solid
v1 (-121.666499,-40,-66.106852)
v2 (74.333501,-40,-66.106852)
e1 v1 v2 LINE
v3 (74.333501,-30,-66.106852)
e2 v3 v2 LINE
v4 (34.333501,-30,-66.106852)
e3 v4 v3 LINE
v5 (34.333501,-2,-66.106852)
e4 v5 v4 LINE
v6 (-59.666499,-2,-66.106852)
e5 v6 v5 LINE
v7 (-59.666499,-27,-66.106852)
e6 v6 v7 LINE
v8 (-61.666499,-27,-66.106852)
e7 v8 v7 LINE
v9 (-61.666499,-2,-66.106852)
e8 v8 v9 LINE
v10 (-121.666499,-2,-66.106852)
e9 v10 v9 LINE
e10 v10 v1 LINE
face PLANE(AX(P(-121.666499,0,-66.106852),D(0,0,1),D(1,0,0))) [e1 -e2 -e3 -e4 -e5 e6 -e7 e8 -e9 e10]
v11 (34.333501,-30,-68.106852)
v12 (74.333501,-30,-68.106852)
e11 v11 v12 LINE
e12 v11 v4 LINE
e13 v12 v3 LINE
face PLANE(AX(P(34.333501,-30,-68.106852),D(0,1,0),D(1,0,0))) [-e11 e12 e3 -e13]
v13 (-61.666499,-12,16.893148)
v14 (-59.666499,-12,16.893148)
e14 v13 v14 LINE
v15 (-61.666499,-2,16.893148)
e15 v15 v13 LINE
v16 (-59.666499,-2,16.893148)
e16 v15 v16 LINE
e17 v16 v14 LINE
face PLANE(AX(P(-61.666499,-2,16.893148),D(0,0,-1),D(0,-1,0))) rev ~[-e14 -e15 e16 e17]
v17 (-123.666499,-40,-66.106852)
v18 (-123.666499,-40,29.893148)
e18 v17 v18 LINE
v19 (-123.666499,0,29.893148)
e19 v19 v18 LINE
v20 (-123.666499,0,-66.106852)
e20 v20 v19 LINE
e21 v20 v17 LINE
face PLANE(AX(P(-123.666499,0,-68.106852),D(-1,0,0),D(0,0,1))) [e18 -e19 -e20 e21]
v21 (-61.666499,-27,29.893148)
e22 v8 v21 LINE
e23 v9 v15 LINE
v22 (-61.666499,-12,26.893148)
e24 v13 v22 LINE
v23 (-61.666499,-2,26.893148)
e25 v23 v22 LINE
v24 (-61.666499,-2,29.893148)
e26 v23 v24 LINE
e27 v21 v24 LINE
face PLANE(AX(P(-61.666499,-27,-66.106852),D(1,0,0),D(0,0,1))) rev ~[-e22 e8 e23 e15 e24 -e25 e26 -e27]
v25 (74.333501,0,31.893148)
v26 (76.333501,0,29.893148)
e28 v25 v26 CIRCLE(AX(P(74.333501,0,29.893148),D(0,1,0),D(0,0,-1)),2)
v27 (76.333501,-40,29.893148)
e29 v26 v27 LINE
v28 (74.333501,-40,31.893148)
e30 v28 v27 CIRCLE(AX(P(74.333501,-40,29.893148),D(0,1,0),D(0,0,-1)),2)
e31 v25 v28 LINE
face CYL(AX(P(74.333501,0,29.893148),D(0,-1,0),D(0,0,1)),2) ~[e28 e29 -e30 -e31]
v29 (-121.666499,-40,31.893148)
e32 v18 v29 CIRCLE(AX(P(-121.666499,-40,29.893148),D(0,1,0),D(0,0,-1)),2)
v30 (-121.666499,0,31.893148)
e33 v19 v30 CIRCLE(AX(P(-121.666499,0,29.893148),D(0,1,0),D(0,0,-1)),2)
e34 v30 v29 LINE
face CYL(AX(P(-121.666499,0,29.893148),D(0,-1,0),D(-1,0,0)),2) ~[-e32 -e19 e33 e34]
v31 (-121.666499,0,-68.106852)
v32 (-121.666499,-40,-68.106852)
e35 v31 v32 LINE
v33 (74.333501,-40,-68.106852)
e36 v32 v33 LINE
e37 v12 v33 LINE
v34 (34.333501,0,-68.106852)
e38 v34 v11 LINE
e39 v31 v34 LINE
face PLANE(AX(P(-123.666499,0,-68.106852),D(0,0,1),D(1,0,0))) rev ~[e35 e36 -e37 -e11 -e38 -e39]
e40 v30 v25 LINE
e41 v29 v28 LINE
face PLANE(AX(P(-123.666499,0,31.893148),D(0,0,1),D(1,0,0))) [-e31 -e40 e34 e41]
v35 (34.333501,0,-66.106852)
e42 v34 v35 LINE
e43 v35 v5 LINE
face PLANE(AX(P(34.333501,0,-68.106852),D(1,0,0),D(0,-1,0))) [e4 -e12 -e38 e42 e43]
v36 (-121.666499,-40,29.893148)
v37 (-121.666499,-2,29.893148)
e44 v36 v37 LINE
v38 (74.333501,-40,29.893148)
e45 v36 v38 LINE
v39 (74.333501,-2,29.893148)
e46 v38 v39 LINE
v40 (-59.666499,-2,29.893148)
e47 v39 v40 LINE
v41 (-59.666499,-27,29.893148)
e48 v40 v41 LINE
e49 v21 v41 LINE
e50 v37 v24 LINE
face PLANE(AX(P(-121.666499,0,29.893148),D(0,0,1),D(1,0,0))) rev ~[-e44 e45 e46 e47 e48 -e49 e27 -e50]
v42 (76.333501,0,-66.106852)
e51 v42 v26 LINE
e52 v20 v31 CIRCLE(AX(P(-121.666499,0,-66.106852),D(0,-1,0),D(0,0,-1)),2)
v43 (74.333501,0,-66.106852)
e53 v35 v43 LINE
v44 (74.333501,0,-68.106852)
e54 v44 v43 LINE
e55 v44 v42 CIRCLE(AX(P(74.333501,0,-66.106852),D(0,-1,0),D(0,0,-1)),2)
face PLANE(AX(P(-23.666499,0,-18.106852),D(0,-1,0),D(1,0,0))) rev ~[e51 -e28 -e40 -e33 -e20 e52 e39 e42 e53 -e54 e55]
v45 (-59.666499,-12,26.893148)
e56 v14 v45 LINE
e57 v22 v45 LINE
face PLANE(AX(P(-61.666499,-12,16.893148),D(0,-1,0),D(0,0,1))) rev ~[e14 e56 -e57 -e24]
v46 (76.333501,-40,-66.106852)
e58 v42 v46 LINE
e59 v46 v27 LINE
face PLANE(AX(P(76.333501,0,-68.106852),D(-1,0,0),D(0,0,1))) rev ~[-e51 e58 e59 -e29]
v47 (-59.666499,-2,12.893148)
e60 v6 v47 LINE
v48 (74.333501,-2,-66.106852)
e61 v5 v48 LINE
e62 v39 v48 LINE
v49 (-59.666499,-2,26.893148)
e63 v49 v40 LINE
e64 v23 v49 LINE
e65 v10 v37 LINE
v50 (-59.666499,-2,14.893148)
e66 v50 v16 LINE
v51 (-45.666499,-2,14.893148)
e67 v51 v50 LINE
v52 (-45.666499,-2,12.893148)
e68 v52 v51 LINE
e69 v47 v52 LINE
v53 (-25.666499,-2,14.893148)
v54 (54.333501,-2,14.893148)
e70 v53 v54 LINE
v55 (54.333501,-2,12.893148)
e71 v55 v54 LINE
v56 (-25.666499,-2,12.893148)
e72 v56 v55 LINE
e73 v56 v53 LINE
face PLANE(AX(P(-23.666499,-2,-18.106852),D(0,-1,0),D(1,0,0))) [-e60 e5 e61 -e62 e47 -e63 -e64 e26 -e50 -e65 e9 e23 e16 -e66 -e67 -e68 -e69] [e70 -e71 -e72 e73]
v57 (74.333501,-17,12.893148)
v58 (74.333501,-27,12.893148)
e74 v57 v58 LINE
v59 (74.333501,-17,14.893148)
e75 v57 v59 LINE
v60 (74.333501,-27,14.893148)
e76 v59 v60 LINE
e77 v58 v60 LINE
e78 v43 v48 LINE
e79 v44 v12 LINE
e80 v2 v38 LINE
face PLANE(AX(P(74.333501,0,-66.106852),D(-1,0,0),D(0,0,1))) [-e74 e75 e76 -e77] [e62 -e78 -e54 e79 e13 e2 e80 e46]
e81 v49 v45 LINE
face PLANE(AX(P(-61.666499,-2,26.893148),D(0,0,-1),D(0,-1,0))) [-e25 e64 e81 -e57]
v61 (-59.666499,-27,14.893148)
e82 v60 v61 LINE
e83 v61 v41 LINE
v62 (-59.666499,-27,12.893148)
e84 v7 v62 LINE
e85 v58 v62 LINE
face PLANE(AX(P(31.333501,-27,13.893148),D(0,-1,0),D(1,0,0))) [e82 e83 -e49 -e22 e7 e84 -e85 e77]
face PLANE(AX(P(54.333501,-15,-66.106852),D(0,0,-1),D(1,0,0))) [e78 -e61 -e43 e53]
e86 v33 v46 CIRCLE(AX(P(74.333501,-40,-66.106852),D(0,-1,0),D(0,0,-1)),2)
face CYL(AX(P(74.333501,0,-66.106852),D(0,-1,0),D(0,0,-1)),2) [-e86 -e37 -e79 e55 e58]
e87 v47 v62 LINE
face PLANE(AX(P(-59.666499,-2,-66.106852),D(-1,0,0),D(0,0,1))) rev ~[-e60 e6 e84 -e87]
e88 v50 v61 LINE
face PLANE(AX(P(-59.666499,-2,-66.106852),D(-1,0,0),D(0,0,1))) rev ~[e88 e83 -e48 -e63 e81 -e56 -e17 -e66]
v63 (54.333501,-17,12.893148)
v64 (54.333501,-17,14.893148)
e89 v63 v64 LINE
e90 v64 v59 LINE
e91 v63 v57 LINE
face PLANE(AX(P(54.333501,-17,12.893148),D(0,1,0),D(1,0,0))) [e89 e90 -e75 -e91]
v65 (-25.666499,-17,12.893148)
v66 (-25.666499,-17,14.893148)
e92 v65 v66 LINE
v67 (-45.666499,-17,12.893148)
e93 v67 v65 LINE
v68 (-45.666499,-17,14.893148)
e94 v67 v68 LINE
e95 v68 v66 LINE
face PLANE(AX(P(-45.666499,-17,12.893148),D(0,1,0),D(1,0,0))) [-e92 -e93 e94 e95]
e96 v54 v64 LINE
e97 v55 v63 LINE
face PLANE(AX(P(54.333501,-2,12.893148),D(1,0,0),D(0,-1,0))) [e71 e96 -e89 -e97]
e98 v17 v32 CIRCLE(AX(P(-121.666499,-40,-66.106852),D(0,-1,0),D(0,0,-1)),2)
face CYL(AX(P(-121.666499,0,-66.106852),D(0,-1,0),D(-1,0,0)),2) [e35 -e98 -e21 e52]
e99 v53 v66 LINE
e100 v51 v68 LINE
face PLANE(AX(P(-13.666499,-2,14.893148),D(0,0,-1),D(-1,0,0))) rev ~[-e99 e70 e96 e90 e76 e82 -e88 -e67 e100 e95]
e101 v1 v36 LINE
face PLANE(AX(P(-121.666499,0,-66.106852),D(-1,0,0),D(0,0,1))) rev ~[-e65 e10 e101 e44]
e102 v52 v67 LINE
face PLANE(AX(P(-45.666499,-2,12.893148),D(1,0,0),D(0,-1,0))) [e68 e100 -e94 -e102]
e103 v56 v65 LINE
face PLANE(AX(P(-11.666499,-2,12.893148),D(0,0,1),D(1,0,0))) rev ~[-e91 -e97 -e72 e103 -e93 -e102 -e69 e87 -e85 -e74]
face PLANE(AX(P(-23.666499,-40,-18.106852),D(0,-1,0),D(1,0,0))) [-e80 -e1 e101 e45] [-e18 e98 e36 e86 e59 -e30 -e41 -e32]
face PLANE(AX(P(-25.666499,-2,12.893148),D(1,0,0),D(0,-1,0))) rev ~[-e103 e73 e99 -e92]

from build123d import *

# Parameters (mm, degrees)
F0_W      = 200
F0_H      = 100
F0_W_2    = 196
F0_H_2    = 96
F1_DEPTH  = 40
F2_DEPTH  = 2
F3_W      = 62
F3_H      = 96
F4_DEPTH  = 25
F5_W      = 60
F5_H      = 96
F6_DEPTH  = 25
F8_DEPTH  = 25
F9_W      = 14
F9_H      = 10
F10_DEPTH = 5
F12_W     = 10
F12_H     = 10
F13_DEPTH = 5
F14_R     = 2
F15_W     = 20
F15_H     = 15
F16_DEPTH = 2
F17_W     = 15
F17_H     = 10
F18_DEPTH = 2
F19_W     = 86
F19_H     = 2
F20_DEPTH = 25
F21_W     = 25
F21_H     = 15
F22_DEPTH = 88
F23_W     = 40
F23_H     = 30
F24_DEPTH = 2
F25_W     = 20
F25_H     = 15
F26_DEPTH = 2


with BuildPart() as f1:
    # F0 (on Front) → F1 (new body)
    with BuildSketch(Plane.XZ):
        with Locations((-23.666499, -18.106852)):
            Rectangle(F0_W, F0_H)
        with Locations((-23.666499, -18.106852)):
            Rectangle(F0_W_2, F0_H_2, mode=Mode.SUBTRACT)
    extrude(amount=F1_DEPTH)

    # F0 (on Front) → F2 (join)
    with BuildSketch(Plane.XZ):
        with Locations((-23.666499, -18.106852)):
            Rectangle(F0_W_2, F0_H_2)
    extrude(amount=F2_DEPTH)

    # F3 (on face) → F4 (join)
    with BuildSketch(Plane.XZ.offset(2)):
        with Locations((-90.666499, -18.106852)):
            Rectangle(F3_W, F3_H)
    extrude(amount=F4_DEPTH)

    # F5 (on face) → F6 (cut)
    with BuildSketch(Plane.XZ.offset(27)):
        with Locations((-91.666499, -18.106852)):
            Rectangle(F5_W, F5_H)
    extrude(amount=-F6_DEPTH, mode=Mode.SUBTRACT)

    # F7 (on face) → F8 (join)
    with BuildSketch(Plane.XZ.offset(2)):
        Polygon((-11.666499, 29.893148), (-13.666499, 29.893148), (-13.666499, 14.893148), (-59.666499, 14.893148), (-59.666499, 12.893148), (-11.666499, 12.893148), align=None)
    extrude(amount=F8_DEPTH)

    # F9 (on face) → F10 (cut)
    with BuildSketch(Plane(origin=(0, 0, 12.893148), x_dir=(1, 0, 0), z_dir=(0, 0, -1))):
        with Locations((0.078483, 7)):
            Rectangle(F9_W, F9_H)
    extrude(amount=-F10_DEPTH, mode=Mode.SUBTRACT)

    # F12 (on face) → F13 (cut)
    with BuildSketch(Plane(origin=(-61.666499, 0, 0), x_dir=(0, -1, 0), z_dir=(-1, 0, 0))):
        with Locations((7, 21.893148)):
            Rectangle(F12_W, F12_H)
    extrude(amount=-F13_DEPTH, mode=Mode.SUBTRACT)

    # F14
    f14_edges = [f1.edges().sort_by_distance(p)[0] for p in [
        (76.333501, -20, -68.106852),
        (76.333501, -20, 31.893148),
        (-123.666499, -20, -68.106852),
        (-123.666499, -20, 31.893148),
    ]]
    fillet(f14_edges, radius=F14_R)

    # F15 (on face) → F16 (cut)
    with BuildSketch(Plane(origin=(0, 0, 12.893148), x_dir=(1, 0, 0), z_dir=(0, 0, -1))):
        with Locations((-35.666499, 9.5)):
            Rectangle(F15_W, F15_H)
    extrude(amount=-F16_DEPTH, mode=Mode.SUBTRACT)

    # F17 (on face) → F18 (cut)
    with BuildSketch(Plane.YZ.offset(-11.666499)):
        with Locations((-9.5, 21.393148)):
            Rectangle(F17_W, F17_H)
    extrude(amount=-F18_DEPTH, mode=Mode.SUBTRACT)

    # F19 (on face) → F20 (join)
    with BuildSketch(Plane.XZ.offset(2)):
        with Locations((31.333501, 13.893148)):
            Rectangle(F19_W, F19_H)
        with Locations((31.333501, 28.893148)):
            Rectangle(F19_W, F19_H)
    extrude(amount=F20_DEPTH)

    # F21 (on face) → F22 (cut)
    with BuildSketch(Plane(origin=(-13.666499, 0, 0), x_dir=(0, -1, 0), z_dir=(-1, 0, 0))):
        with Locations((14.5, 22.393148)):
            Rectangle(F21_W, F21_H)
    extrude(amount=-F22_DEPTH, mode=Mode.SUBTRACT)

    # F23 (on face) → F24 (cut)
    with BuildSketch(Plane(origin=(0, 0, -68.106852), x_dir=(1, 0, 0), z_dir=(0, 0, -1))):
        with Locations((54.333501, 15)):
            Rectangle(F23_W, F23_H)
    extrude(amount=-F24_DEPTH, mode=Mode.SUBTRACT)

    # F25 (on face) → F26 (cut)
    with BuildSketch(Plane(origin=(0, 0, 12.893148), x_dir=(1, 0, 0), z_dir=(0, 0, -1))):
        with Locations((64.333501, 9.5)):
            Rectangle(F25_W, F25_H)
    extrude(amount=-F26_DEPTH, mode=Mode.SUBTRACT)


solid = f1.part
